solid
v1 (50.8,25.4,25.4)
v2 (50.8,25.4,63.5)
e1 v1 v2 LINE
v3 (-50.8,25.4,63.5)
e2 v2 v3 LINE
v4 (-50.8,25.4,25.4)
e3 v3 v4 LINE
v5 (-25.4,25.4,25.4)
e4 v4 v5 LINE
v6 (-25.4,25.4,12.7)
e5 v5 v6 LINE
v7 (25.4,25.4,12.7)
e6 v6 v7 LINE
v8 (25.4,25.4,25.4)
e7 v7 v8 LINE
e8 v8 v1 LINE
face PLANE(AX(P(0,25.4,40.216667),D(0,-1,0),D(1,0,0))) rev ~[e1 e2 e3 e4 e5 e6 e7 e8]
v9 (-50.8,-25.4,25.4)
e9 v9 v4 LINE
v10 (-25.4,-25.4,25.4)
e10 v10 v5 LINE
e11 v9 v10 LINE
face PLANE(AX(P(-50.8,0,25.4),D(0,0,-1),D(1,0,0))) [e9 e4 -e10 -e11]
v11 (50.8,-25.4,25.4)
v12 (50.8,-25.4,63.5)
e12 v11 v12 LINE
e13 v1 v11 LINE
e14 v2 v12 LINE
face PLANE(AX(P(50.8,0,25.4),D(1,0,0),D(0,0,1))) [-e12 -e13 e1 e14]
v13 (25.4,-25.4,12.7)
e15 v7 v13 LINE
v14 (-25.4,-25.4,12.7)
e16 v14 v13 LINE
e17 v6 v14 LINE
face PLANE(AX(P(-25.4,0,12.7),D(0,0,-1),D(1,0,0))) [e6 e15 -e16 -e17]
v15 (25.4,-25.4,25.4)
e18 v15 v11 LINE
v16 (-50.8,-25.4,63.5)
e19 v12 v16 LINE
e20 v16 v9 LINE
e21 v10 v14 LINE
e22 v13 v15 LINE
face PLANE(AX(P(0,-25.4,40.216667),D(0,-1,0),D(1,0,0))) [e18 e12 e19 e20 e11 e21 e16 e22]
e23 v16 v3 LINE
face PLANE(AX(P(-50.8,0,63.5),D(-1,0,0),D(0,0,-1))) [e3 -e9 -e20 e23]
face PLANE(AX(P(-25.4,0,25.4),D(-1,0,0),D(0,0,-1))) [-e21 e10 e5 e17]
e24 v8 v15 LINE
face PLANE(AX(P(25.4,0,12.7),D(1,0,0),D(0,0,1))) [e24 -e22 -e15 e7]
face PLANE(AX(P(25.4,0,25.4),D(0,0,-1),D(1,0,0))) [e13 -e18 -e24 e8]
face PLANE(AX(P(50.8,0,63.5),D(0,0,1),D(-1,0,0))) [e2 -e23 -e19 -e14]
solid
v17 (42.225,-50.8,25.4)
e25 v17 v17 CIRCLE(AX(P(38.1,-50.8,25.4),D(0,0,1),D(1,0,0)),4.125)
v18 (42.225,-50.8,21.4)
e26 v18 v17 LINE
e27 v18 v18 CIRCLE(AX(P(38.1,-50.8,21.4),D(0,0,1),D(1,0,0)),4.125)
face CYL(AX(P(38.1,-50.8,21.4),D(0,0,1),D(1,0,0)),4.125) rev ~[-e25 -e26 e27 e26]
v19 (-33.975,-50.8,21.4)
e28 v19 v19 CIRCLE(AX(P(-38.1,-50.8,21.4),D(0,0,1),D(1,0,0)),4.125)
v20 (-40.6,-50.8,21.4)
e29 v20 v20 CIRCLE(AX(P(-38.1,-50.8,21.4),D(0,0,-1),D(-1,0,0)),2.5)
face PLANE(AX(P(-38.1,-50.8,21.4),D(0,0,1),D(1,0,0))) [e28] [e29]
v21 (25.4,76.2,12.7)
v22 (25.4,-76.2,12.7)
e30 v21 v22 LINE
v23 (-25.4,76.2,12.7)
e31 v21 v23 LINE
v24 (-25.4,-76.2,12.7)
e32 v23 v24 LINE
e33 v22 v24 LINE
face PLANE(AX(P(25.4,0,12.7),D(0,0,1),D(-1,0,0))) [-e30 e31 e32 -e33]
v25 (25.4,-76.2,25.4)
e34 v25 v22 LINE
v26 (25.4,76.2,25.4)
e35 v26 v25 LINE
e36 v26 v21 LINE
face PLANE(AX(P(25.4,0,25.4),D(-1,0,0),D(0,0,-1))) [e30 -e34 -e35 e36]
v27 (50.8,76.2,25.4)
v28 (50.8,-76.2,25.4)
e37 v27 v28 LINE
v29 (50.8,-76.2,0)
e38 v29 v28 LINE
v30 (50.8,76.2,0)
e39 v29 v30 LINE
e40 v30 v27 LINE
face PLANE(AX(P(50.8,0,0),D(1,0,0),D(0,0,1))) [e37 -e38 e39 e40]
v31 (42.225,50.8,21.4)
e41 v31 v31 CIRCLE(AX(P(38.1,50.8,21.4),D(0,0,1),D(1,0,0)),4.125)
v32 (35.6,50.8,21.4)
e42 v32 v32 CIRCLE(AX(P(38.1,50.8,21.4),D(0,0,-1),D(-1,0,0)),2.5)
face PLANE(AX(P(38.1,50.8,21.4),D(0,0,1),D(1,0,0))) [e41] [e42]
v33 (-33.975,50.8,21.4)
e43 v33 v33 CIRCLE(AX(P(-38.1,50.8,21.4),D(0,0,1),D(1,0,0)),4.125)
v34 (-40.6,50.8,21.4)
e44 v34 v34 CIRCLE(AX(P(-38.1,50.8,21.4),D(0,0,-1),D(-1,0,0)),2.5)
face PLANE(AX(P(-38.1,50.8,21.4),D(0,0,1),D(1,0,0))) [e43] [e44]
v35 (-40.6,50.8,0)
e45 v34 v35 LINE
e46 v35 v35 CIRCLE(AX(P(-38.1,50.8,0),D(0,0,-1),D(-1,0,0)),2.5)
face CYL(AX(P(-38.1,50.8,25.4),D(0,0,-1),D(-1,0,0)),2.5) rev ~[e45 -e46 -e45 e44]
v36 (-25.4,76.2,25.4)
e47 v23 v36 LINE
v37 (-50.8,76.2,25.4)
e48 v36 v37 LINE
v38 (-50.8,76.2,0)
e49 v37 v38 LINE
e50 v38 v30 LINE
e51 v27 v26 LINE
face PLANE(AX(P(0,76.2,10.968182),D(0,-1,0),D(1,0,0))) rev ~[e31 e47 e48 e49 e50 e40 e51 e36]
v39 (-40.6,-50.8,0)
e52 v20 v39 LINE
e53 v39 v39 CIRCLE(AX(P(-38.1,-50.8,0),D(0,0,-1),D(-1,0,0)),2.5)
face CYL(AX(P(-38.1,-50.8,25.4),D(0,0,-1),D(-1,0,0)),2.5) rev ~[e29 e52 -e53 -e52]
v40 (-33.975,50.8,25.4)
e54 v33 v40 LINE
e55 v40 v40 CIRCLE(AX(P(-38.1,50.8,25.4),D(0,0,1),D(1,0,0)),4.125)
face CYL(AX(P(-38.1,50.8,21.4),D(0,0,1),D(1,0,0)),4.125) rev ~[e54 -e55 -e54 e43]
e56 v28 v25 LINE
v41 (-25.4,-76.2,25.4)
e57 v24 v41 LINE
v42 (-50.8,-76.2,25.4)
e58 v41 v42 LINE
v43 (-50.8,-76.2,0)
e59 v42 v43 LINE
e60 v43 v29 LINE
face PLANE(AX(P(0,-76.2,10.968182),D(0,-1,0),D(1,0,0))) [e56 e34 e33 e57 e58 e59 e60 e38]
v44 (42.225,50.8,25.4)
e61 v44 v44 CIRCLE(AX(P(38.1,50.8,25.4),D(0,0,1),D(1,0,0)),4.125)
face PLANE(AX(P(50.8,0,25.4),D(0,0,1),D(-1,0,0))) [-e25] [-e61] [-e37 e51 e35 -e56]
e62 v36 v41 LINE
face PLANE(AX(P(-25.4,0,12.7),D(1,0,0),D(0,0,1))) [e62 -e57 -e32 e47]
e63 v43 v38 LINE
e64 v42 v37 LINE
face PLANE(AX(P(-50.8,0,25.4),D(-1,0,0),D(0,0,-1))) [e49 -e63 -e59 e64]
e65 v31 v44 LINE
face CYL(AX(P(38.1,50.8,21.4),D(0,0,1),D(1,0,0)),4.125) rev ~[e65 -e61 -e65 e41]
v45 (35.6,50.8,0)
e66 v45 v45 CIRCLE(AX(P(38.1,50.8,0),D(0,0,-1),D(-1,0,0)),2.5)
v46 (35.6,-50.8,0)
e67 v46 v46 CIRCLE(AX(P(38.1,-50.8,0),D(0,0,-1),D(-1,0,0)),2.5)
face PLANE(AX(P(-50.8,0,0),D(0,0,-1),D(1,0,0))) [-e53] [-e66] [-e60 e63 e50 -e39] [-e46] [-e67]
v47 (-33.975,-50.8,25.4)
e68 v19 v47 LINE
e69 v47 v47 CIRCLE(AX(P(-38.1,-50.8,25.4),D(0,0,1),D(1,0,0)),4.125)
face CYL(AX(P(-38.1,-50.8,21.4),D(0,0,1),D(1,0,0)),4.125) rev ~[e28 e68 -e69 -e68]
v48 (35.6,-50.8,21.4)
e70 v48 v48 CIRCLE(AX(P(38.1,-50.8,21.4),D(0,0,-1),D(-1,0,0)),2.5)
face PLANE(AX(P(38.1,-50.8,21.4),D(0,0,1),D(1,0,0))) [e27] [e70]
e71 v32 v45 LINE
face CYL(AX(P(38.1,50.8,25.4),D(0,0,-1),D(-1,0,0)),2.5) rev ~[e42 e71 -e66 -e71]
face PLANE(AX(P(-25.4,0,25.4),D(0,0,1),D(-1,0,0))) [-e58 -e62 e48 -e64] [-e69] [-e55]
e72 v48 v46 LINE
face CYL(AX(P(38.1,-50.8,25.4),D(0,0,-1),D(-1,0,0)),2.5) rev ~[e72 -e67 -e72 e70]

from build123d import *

# Parameters (mm, degrees)
F1_DEPTH       = 76.2
F3_DEPTH       = 25.4
F5_D           = 5
F5_CBORE_D     = 8.25
F5_CBORE_DEPTH = 4


with BuildPart() as f1:
    # F0 (on Front) → F1 (new body, symmetric)
    with BuildSketch(Plane.XZ):
        Polygon((50.8, 0), (50.8, 25.4), (25.4, 25.4), (25.4, 12.7), (0, 12.7), (-25.4, 12.7), (-25.4, 25.4), (-50.8, 25.4), (-50.8, 0), (0, 0), align=None)
    extrude(amount=F1_DEPTH, both=True)

    # F5 (through all)
    with Locations(Plane.XY.offset(25.4)):
        with Locations((-38.1, 50.8), (38.1, 50.8), (38.1, -50.8), (-38.1, -50.8)):
            CounterBoreHole(F5_D / 2, F5_CBORE_D / 2, F5_CBORE_DEPTH)


with BuildPart() as f3:
    # F2 (on Front) → F3 (new body, symmetric)
    with BuildSketch(Plane.XZ):
        Polygon((-25.4, 25.4), (-25.4, 12.7), (25.4, 12.7), (25.4, 25.4), (50.8, 25.4), (50.8, 63.5), (-50.8, 63.5), (-50.8, 25.4), align=None)
    extrude(amount=F3_DEPTH, both=True)


solid = Compound([f1.part, f3.part])
